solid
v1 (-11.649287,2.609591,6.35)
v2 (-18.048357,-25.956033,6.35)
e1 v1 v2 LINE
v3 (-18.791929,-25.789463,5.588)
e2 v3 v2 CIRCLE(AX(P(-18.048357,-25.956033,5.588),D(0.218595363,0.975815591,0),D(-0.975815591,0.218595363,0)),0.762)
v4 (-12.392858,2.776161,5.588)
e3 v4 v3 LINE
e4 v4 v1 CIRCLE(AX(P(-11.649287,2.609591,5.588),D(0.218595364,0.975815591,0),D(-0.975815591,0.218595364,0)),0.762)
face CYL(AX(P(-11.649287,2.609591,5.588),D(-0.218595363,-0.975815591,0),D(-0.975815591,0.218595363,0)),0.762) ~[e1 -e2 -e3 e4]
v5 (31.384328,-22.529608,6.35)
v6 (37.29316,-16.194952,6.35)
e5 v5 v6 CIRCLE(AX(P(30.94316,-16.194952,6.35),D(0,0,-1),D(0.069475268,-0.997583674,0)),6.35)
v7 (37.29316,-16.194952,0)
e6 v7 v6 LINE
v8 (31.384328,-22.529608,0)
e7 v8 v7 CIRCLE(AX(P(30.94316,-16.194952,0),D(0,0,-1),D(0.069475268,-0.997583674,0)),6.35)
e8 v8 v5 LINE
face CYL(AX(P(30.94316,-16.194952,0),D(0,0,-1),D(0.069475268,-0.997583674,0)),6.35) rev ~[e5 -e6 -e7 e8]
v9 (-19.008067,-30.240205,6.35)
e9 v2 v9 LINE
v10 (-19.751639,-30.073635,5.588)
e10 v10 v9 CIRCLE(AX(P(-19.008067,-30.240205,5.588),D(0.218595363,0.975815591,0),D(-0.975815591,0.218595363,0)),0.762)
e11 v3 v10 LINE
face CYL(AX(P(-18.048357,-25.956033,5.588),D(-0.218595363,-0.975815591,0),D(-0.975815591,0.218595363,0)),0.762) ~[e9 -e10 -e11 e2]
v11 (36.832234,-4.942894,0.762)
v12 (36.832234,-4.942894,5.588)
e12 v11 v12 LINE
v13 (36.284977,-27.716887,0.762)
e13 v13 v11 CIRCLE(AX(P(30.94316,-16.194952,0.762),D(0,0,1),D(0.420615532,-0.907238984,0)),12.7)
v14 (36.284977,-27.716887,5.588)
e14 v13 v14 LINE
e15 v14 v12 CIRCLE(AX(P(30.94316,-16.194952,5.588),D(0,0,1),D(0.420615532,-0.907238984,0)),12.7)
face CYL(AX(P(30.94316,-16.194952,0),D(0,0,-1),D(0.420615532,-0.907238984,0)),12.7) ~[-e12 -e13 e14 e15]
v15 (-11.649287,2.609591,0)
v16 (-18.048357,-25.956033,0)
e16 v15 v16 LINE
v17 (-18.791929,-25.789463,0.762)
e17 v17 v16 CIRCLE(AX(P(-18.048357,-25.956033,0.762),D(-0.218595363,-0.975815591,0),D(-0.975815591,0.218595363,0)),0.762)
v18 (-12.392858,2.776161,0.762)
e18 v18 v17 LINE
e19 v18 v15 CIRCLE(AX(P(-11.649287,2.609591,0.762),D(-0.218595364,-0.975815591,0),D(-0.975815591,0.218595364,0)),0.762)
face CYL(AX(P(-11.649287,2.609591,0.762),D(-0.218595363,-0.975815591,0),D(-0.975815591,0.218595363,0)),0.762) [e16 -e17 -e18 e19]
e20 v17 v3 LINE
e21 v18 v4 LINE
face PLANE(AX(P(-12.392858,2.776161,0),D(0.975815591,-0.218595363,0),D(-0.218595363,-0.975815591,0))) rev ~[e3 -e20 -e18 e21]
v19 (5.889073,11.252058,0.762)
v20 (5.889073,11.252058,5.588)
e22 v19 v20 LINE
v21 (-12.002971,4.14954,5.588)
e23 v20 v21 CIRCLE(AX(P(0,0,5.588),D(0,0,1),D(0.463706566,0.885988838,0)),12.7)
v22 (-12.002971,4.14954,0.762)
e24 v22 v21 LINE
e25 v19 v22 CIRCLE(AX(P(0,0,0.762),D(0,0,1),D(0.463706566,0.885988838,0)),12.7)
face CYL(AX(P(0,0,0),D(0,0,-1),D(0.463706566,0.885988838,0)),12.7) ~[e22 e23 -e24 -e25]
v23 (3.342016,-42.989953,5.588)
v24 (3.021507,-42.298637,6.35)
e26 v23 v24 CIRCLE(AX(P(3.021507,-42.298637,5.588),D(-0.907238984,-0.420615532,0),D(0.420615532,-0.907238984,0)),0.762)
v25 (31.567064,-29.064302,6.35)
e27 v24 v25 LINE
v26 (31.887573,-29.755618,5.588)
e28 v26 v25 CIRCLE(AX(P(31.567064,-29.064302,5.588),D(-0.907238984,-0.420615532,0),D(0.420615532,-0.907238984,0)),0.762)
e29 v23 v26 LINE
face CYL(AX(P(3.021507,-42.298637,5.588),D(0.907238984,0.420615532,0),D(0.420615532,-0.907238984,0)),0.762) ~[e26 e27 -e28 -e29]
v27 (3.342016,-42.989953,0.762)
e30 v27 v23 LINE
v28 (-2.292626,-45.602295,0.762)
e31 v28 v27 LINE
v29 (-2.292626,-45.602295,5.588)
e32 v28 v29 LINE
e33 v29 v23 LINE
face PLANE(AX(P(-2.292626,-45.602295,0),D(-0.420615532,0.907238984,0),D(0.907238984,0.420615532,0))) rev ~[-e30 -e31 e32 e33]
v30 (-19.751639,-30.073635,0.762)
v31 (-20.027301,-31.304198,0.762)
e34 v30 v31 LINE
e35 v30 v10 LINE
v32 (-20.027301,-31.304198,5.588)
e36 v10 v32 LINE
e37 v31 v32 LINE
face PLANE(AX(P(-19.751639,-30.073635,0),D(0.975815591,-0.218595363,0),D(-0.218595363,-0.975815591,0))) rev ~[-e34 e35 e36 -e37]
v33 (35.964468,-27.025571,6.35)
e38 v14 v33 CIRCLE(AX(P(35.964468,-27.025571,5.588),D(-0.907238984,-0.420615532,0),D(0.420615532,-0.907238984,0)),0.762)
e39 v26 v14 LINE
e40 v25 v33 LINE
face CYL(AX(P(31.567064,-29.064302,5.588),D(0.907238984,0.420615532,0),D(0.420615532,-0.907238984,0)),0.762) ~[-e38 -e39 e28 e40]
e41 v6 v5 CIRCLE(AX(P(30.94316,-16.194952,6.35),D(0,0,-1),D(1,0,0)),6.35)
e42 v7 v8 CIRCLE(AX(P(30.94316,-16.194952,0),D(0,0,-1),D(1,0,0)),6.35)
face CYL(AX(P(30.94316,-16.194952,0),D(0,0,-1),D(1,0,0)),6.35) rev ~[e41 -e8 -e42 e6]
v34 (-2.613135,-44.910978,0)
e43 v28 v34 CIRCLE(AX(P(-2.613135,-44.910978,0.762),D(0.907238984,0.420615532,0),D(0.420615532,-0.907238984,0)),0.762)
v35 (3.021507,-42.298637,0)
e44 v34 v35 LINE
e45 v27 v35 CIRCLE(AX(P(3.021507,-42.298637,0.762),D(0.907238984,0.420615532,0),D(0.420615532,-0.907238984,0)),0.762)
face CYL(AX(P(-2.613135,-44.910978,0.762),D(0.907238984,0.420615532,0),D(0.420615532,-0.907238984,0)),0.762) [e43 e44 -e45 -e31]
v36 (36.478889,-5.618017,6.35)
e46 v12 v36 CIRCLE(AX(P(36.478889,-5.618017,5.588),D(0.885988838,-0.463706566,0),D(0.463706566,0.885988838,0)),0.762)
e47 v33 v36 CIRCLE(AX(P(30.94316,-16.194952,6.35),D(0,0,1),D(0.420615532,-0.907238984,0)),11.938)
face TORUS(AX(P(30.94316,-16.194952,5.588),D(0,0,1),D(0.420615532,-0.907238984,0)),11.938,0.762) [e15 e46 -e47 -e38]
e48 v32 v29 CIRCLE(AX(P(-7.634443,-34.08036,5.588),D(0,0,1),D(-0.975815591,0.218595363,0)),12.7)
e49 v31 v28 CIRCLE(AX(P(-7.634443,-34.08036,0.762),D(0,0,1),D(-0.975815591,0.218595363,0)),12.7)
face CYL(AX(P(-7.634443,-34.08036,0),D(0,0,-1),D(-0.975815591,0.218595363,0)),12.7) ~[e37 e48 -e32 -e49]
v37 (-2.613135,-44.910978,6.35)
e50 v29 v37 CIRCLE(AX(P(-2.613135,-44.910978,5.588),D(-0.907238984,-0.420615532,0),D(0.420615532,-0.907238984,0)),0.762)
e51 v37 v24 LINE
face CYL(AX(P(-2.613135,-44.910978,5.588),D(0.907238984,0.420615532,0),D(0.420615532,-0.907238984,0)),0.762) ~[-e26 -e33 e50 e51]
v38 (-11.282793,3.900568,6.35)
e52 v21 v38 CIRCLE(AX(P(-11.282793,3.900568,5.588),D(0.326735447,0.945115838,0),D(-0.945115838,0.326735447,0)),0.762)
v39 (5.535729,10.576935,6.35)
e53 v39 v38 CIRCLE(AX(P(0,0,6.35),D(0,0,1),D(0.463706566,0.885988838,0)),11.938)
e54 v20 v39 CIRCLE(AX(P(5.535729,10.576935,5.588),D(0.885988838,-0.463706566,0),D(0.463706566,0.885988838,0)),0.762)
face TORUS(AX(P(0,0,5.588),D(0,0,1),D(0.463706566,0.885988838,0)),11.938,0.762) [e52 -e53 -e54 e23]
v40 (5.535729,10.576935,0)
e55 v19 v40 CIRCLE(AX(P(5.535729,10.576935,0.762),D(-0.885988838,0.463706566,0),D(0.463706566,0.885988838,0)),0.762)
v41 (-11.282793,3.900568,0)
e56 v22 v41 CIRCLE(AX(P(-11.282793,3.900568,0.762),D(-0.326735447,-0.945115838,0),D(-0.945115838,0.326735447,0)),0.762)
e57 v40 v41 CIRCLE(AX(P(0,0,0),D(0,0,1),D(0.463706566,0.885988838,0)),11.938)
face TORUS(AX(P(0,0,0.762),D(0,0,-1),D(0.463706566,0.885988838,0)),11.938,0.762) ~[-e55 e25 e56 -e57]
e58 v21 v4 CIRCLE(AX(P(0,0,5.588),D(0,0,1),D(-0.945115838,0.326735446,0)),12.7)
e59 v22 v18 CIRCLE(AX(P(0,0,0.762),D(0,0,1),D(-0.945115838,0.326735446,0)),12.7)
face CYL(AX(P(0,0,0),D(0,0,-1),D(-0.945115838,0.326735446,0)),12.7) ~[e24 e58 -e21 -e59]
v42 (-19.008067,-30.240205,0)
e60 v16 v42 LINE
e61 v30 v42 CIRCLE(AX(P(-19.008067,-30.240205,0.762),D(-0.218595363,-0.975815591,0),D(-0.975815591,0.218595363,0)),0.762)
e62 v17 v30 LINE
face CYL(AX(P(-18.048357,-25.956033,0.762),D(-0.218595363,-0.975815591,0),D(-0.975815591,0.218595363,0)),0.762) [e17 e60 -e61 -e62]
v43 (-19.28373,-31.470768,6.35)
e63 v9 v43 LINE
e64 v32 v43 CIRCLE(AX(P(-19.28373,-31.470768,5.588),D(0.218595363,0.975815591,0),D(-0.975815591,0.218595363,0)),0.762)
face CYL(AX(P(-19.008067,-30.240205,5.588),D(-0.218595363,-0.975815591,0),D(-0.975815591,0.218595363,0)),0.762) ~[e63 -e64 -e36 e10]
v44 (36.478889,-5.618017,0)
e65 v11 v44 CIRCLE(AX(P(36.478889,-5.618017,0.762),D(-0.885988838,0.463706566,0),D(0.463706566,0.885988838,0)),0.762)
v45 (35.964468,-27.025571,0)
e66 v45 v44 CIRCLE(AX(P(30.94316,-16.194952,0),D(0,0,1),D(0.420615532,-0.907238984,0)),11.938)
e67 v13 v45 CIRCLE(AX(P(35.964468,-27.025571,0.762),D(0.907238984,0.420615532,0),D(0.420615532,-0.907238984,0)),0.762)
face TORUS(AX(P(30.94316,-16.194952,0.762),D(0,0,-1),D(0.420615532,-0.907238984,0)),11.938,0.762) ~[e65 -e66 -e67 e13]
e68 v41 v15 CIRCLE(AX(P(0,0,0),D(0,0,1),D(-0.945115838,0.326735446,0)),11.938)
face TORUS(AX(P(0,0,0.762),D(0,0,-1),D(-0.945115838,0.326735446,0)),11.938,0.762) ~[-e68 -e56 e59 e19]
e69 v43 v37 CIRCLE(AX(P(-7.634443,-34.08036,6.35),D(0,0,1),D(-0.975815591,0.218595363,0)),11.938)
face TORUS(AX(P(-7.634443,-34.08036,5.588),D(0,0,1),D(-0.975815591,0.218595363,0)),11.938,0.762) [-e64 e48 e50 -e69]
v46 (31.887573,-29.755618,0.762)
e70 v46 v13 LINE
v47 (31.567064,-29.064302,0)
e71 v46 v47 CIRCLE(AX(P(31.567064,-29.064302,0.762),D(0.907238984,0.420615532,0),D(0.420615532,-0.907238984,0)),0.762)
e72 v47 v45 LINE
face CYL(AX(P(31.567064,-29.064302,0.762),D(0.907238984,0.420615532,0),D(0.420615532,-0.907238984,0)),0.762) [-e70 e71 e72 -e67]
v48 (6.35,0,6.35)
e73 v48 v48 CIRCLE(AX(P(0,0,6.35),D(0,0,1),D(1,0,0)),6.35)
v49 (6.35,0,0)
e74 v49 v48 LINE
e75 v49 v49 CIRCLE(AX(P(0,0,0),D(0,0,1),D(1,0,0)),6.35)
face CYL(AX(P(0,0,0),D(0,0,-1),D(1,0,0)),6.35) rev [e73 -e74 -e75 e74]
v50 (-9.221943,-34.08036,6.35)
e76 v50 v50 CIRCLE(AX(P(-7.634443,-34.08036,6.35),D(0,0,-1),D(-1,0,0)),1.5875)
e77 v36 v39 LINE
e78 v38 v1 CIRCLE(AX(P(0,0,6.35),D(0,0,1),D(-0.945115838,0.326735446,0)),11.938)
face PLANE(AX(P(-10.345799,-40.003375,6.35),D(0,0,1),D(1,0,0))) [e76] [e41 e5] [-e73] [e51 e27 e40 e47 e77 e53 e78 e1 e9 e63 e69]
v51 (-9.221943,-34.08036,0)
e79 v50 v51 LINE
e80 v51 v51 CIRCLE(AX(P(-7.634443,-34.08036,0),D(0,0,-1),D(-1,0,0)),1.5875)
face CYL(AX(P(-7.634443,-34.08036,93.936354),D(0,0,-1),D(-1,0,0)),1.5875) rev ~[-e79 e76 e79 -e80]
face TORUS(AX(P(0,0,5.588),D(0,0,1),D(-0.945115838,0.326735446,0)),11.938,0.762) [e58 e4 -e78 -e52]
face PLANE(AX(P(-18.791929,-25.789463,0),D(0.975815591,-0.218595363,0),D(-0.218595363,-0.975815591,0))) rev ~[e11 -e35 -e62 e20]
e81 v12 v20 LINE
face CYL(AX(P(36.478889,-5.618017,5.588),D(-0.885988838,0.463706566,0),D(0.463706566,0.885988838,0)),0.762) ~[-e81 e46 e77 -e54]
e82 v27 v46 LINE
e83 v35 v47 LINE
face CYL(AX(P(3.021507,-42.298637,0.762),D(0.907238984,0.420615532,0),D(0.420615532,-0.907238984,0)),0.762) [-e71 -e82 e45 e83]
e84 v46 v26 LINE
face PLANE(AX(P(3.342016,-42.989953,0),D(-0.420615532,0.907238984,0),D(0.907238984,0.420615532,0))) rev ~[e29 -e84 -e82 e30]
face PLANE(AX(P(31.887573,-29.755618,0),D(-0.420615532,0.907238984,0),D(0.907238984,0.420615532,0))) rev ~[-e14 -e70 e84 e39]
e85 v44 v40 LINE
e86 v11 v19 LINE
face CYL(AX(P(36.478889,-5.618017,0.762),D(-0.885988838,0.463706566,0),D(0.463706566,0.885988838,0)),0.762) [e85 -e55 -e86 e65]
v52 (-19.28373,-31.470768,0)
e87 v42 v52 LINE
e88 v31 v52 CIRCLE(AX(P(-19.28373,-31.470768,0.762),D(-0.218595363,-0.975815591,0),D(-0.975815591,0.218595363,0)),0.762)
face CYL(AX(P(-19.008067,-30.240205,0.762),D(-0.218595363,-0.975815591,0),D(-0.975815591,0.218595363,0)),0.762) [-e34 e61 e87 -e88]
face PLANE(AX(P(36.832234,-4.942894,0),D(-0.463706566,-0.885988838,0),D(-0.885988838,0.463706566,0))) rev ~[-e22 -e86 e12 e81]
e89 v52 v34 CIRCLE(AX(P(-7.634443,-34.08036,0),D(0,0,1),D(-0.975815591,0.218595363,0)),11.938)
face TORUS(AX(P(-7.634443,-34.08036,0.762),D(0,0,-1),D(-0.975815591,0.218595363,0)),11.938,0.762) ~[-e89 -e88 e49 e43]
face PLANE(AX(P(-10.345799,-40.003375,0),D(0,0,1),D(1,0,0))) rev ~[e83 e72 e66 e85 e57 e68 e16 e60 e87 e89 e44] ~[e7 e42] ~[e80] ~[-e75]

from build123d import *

# Parameters (mm, degrees)
F0_R     = 6.35
F0_R_2   = 3.175
F1_DEPTH = 6.35
F2_R     = 0.762
F4_D     = 3.175


with BuildPart() as f1:
    # F0 (on Top) → F1 (new body)
    with BuildSketch(Plane.XY):
        with BuildLine():
            ThreePointArc((-15.4277360093, -33.1291600779), (-17.6097258518, -31.6297541594), (-19.7516389471, -30.0736352458))
            Line((-19.7516389471, -30.0736352458), (-20.0273010704, -31.3041983899))
            ThreePointArc((-20.0273010704, -31.3041983899), (-15.605527233, -43.9673113737), (-2.2926258159, -45.6022946054))
            Line((-2.2926258159, -45.6022946054), (3.3420161223, -42.9899532533))
            ThreePointArc((3.3420161223, -42.9899532533), (-0.5573553186, -41.3437618471), (-4.3842812821, -39.5355357964))
            ThreePointArc((-4.3842812821, -39.5355357964), (-9.1948370721, -40.2356556442), (-13.0909002079, -37.32837051))
            ThreePointArc((-13.0909002079, -37.32837051), (-14.2898816566, -35.2457737279), (-15.4277360093, -33.1291600779))
        make_face()
        with BuildLine():
            ThreePointArc((5.8890733938, 11.2520582367), (-4.6857632411, 11.8039664032), (-12.0029711474, 4.1495401716))
            ThreePointArc((-12.0029711474, 4.1495401716), (-9.4049707621, -13.9914505961), (-2.1779859288, -30.8323485013))
            ThreePointArc((-2.1779859288, -30.8323485013), (-1.4791469298, -35.6407535094), (-4.3842812821, -39.5355357964))
            ThreePointArc((-4.3842812821, -39.5355357964), (-0.5573553186, -41.3437618471), (3.3420161223, -42.9899532533))
            Line((3.3420161223, -42.9899532533), (31.8875731001, -29.7556182717))
            Line((31.8875731001, -29.7556182717), (36.2849774034, -27.7168869328))
            ThreePointArc((36.2849774034, -27.7168869328), (43.6394950275, -16.5000431331), (36.8322335447, -4.9428935964))
            Line((36.8322335447, -4.9428935964), (5.8890733938, 11.2520582367))
        make_face()
        Circle(F0_R, mode=Mode.SUBTRACT)
        with BuildLine():
            ThreePointArc((37.2931601509, -16.1949518331), (35.5866457226, -20.5262959369), (31.384328105, -22.5296081644))
            ThreePointArc((31.384328105, -22.5296081644), (26.2996745793, -11.8636077292), (37.2931601509, -16.1949518331))
        make_face(mode=Mode.SUBTRACT)
        with BuildLine():
            ThreePointArc((-18.7919287035, -25.7894628669), (-17.199620286, -29.5004662895), (-15.4277360093, -33.1291600779))
            ThreePointArc((-15.4277360093, -33.1291600779), (-10.0074027219, -36.507133329), (-4.3842812821, -39.5355357964))
            ThreePointArc((-4.3842812821, -39.5355357964), (-1.4791469298, -35.6407535094), (-2.1779859288, -30.8323485013))
            ThreePointArc((-2.1779859288, -30.8323485013), (-9.4049707621, -13.9914505961), (-12.0029711474, 4.1495401716))
            ThreePointArc((-12.0029711474, 4.1495401716), (-12.2172281013, 3.4683335365), (-12.3928580021, 2.7761611158))
            Line((-12.3928580021, 2.7761611158), (-18.7919287035, -25.7894628669))
        make_face()
        with Locations((-7.6344430684, -34.0803595057)):
            Circle(F0_R_2, mode=Mode.SUBTRACT)
        with BuildLine():
            Line((-18.7919287035, -25.7894628669), (-19.7516389471, -30.0736352458))
            ThreePointArc((-19.7516389471, -30.0736352458), (-17.6097258518, -31.6297541594), (-15.4277360093, -33.1291600779))
            ThreePointArc((-15.4277360093, -33.1291600779), (-17.199620286, -29.5004662895), (-18.7919287035, -25.7894628669))
        make_face()
        with BuildLine():
            ThreePointArc((-4.3842812821, -39.5355357964), (-10.0074027219, -36.507133329), (-15.4277360093, -33.1291600779))
            ThreePointArc((-15.4277360093, -33.1291600779), (-14.2898816566, -35.2457737279), (-13.0909002079, -37.32837051))
            ThreePointArc((-13.0909002079, -37.32837051), (-9.1948370721, -40.2356556442), (-4.3842812821, -39.5355357964))
        make_face()
        with Locations((-7.6344430684, -34.0803595057)):
            Circle(F0_R_2)
    extrude(amount=F1_DEPTH)

    # F2
    f2_edges = [f1.edges().sort_by_distance(p)[0] for p in [
        (-15.605527, -43.967311, 6.35),
        (16.996176, -36.659591, 6.35),
        (16.996176, -36.659591, 0),
        (-15.605527, -43.967311, 0),
    ]]
    fillet(f2_edges, radius=F2_R)

    # F4 (through all)
    with Locations(Plane.XY.offset(6.35)):
        with Locations((-7.6344430684, -34.0803595057)):
            Hole(F4_D / 2)


solid = f1.part
